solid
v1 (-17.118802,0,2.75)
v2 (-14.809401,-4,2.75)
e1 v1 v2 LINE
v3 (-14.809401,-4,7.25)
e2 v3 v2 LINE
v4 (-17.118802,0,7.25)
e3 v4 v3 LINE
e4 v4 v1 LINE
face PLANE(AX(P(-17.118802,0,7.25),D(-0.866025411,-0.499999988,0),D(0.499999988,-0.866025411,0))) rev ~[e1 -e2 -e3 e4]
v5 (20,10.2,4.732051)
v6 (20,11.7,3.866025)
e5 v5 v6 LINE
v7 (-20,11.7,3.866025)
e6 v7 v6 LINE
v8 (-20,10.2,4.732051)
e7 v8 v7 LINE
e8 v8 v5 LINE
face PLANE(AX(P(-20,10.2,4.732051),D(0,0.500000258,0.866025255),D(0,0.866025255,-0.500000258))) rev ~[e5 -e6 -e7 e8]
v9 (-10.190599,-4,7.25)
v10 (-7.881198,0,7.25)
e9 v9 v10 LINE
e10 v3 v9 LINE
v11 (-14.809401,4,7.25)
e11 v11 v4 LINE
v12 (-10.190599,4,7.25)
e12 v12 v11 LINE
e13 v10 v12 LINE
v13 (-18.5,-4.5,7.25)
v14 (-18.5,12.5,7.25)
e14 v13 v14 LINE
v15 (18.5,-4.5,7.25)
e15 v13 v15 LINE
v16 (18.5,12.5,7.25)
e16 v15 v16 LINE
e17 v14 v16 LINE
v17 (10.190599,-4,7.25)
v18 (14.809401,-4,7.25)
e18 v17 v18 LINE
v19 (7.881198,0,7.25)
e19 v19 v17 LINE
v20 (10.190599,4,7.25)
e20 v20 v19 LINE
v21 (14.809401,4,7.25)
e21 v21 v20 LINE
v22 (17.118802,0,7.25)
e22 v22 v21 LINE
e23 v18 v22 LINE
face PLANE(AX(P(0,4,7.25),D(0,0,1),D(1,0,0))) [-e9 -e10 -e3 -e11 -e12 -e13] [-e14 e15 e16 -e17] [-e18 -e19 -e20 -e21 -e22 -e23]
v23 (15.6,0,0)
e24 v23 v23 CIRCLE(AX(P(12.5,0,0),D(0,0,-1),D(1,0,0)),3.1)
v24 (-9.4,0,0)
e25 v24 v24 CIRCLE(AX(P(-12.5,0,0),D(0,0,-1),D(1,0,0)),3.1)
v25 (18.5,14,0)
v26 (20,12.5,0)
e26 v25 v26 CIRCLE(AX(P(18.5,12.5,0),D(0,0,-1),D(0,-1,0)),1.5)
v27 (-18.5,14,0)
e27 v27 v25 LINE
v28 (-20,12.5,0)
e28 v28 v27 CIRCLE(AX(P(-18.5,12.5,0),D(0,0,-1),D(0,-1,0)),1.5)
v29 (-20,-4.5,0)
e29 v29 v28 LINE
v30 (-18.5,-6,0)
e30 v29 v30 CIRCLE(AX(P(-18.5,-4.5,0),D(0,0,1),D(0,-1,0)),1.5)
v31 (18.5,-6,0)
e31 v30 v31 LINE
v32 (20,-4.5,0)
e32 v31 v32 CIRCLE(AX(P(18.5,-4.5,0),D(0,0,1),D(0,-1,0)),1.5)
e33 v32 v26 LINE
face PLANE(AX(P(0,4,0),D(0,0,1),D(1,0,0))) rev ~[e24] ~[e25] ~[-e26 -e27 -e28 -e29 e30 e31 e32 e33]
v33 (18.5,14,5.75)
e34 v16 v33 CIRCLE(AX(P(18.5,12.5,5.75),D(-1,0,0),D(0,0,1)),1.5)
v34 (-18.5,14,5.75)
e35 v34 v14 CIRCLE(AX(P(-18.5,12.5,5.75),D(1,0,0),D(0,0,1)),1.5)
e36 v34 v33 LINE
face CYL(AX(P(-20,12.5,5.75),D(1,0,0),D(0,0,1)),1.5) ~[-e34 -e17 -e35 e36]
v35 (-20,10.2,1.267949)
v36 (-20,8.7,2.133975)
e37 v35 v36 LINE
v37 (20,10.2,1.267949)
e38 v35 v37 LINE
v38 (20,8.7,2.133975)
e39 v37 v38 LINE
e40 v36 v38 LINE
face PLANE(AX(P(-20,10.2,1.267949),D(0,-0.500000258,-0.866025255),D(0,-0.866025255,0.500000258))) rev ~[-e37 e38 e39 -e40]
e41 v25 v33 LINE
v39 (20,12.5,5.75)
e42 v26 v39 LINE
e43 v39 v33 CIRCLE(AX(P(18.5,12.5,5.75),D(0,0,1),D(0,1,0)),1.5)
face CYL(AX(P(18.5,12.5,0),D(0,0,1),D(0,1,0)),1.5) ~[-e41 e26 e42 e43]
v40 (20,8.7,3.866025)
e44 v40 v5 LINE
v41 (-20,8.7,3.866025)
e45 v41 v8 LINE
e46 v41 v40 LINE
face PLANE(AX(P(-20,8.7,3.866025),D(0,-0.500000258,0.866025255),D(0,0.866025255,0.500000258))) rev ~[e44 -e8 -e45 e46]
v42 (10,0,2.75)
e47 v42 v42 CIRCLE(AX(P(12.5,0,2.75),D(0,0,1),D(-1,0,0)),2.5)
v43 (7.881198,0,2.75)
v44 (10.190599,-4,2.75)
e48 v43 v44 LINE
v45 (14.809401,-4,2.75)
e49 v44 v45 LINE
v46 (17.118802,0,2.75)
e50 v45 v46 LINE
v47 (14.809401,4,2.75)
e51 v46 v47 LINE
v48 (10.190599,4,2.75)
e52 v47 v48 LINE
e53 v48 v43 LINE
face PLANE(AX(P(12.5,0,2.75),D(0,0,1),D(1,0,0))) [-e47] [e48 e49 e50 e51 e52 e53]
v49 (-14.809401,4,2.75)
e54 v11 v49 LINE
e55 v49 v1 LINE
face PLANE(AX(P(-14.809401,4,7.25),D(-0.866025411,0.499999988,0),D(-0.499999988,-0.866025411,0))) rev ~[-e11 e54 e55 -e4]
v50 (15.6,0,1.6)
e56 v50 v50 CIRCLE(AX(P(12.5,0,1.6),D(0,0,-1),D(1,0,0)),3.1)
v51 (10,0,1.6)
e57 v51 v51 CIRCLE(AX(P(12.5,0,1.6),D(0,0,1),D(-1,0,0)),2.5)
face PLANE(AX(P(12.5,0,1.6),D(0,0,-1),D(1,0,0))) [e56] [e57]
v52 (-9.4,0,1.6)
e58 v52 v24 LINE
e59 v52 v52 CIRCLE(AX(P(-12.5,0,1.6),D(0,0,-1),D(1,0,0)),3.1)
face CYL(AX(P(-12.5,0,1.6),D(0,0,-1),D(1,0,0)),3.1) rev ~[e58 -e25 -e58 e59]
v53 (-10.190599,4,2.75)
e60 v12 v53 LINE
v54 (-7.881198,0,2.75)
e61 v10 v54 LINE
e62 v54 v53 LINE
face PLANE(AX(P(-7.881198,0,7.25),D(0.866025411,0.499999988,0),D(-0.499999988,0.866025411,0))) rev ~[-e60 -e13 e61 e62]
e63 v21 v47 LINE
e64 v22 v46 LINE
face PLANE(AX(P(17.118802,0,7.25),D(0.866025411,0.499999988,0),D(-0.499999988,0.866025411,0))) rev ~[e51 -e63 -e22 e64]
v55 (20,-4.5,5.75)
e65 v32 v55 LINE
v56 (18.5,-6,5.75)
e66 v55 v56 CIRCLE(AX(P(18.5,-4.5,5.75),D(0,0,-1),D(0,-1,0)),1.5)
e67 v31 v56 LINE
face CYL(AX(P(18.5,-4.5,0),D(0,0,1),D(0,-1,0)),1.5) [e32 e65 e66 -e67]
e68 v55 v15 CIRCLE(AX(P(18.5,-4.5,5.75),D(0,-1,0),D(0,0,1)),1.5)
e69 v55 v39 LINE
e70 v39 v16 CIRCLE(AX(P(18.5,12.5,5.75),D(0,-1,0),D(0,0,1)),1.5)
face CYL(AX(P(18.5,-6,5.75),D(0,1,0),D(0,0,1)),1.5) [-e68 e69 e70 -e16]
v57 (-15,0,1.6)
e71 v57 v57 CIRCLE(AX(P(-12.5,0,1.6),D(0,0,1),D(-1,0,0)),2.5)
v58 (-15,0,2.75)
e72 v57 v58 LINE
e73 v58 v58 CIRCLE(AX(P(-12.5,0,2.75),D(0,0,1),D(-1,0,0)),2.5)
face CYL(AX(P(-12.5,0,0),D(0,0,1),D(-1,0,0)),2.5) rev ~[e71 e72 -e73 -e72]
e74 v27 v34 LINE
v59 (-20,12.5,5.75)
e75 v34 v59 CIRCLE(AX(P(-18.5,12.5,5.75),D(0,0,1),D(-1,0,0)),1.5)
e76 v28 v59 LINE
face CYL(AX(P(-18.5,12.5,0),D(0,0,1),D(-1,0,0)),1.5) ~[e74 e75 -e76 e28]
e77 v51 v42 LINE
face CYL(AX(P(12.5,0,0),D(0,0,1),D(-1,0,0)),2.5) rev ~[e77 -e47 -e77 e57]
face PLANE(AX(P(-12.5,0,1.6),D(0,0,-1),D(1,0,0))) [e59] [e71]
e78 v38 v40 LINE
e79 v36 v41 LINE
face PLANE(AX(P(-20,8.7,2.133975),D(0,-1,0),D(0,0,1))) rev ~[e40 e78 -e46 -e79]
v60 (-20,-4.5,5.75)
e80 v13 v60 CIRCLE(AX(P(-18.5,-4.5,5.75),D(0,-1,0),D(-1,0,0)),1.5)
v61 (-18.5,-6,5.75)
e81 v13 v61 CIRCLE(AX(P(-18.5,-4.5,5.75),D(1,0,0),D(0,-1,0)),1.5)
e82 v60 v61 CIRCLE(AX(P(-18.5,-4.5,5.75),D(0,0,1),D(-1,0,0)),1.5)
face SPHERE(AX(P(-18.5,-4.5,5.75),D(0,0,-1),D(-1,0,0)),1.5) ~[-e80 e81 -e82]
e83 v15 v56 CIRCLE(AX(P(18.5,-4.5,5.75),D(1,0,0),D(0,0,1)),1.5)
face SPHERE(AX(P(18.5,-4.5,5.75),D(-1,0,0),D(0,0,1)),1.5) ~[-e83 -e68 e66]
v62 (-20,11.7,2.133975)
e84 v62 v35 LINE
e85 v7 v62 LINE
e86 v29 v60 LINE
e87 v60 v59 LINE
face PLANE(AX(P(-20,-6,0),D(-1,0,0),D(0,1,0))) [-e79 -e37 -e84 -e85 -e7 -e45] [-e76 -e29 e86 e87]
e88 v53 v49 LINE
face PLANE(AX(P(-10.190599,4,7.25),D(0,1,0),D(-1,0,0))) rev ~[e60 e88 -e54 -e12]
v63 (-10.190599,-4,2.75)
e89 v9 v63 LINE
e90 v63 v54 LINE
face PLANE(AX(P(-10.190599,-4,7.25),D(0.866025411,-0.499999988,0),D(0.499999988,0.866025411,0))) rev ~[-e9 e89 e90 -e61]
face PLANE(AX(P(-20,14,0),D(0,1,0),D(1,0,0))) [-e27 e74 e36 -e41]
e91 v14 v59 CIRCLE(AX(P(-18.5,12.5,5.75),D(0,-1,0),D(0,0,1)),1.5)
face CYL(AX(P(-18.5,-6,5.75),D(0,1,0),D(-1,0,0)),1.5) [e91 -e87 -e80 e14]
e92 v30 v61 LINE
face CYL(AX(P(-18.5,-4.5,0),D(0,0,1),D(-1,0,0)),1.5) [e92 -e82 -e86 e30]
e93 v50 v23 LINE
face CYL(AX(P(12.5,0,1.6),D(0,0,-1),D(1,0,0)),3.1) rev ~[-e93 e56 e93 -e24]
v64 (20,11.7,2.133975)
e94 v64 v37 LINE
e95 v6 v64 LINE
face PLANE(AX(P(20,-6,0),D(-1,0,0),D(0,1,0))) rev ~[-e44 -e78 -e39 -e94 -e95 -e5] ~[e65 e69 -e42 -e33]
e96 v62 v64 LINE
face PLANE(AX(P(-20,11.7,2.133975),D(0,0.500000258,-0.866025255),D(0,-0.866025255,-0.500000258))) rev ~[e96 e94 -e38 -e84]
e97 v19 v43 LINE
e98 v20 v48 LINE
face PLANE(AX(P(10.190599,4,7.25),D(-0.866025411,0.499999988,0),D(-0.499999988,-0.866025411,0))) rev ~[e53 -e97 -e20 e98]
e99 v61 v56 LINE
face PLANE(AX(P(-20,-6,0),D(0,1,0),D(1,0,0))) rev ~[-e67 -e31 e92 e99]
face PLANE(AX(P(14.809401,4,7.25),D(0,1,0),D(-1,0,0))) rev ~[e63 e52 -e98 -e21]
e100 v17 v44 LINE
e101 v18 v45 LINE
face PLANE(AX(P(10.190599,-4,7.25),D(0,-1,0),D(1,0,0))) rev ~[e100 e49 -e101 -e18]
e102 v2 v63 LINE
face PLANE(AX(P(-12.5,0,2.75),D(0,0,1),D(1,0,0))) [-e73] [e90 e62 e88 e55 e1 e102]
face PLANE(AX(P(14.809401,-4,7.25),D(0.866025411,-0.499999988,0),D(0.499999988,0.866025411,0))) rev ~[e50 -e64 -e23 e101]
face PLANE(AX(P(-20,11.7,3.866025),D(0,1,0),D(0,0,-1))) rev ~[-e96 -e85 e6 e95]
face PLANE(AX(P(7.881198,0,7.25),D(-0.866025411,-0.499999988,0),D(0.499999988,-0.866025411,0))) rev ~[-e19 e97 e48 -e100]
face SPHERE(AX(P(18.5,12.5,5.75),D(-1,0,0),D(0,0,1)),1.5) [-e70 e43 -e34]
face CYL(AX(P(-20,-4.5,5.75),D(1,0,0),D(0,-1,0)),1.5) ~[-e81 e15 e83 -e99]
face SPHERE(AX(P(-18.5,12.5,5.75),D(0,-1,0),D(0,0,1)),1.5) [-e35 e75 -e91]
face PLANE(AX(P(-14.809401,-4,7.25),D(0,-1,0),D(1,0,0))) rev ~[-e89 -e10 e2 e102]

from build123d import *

# Parameters (mm, degrees)
SKETCH_W         = 40
SKETCH_H         = 20
PAD_DEPTH        = 7.25
HOLE_D           = 5
HOLE_DEPTH       = 25
HOLE_CBORE_D     = 6.2
HOLE_CBORE_DEPTH = 1.6
POCKET_DEPTH     = 4.5
POCKET001_DEPTH  = 40.001
FILLET_R         = 1.5


with BuildPart() as part:
    # Sketch → Pad (new body)
    with BuildSketch(Plane.XY):
        with Locations((0, 4)):
            Rectangle(SKETCH_W, SKETCH_H)
    extrude(amount=PAD_DEPTH)

    # Hole
    with Locations(Plane(origin=(0, 0, 0), x_dir=(1, 0, 0), z_dir=(0, 0, -1))):
        with Locations((-12.5, 0), (12.5, 0)):
            CounterBoreHole(HOLE_D / 2, HOLE_CBORE_D / 2, HOLE_CBORE_DEPTH, depth=HOLE_DEPTH)

    # Sketch002 (on Face5 of Hole) → Pocket (cut)
    with BuildSketch(Plane.XY.offset(7.25)):
        Polygon((-10.190599, 4), (-14.809401, 4), (-17.118802, 0), (-14.809401, -4), (-10.190599, -4), (-7.881198, 0), align=None)
        Polygon((10.190599, 4), (7.881198, 0), (10.190599, -4), (14.809401, -4), (17.118802, 0), (14.809401, 4), align=None)
    extrude(amount=-POCKET_DEPTH, mode=Mode.SUBTRACT)

    # Sketch003 (on Face2 of Pocket) → Pocket001 (cut, through all)
    with BuildSketch(Plane(origin=(-20, 0, 0), x_dir=(0, -1, 0), z_dir=(-1, 0, 0))):
        Polygon((-8.7, 3.866025), (-10.2, 4.732051), (-11.7, 3.866025), (-11.7, 2.133975), (-10.2, 1.267949), (-8.7, 2.133975), align=None)
    extrude(amount=-POCKET001_DEPTH, mode=Mode.SUBTRACT)

    # Fillet
    fillet_edges = [part.edges().sort_by_distance(p)[0] for p in [
        (-20, -6, 3.625),
        (-20, 4, 7.25),
        (0, 14, 7.25),
        (0, -6, 7.25),
        (-20, 14, 3.625),
        (20, 4, 7.25),
        (20, -6, 3.625),
        (20, 14, 3.625),
    ]]
    fillet(fillet_edges, radius=FILLET_R)


solid = part.part
